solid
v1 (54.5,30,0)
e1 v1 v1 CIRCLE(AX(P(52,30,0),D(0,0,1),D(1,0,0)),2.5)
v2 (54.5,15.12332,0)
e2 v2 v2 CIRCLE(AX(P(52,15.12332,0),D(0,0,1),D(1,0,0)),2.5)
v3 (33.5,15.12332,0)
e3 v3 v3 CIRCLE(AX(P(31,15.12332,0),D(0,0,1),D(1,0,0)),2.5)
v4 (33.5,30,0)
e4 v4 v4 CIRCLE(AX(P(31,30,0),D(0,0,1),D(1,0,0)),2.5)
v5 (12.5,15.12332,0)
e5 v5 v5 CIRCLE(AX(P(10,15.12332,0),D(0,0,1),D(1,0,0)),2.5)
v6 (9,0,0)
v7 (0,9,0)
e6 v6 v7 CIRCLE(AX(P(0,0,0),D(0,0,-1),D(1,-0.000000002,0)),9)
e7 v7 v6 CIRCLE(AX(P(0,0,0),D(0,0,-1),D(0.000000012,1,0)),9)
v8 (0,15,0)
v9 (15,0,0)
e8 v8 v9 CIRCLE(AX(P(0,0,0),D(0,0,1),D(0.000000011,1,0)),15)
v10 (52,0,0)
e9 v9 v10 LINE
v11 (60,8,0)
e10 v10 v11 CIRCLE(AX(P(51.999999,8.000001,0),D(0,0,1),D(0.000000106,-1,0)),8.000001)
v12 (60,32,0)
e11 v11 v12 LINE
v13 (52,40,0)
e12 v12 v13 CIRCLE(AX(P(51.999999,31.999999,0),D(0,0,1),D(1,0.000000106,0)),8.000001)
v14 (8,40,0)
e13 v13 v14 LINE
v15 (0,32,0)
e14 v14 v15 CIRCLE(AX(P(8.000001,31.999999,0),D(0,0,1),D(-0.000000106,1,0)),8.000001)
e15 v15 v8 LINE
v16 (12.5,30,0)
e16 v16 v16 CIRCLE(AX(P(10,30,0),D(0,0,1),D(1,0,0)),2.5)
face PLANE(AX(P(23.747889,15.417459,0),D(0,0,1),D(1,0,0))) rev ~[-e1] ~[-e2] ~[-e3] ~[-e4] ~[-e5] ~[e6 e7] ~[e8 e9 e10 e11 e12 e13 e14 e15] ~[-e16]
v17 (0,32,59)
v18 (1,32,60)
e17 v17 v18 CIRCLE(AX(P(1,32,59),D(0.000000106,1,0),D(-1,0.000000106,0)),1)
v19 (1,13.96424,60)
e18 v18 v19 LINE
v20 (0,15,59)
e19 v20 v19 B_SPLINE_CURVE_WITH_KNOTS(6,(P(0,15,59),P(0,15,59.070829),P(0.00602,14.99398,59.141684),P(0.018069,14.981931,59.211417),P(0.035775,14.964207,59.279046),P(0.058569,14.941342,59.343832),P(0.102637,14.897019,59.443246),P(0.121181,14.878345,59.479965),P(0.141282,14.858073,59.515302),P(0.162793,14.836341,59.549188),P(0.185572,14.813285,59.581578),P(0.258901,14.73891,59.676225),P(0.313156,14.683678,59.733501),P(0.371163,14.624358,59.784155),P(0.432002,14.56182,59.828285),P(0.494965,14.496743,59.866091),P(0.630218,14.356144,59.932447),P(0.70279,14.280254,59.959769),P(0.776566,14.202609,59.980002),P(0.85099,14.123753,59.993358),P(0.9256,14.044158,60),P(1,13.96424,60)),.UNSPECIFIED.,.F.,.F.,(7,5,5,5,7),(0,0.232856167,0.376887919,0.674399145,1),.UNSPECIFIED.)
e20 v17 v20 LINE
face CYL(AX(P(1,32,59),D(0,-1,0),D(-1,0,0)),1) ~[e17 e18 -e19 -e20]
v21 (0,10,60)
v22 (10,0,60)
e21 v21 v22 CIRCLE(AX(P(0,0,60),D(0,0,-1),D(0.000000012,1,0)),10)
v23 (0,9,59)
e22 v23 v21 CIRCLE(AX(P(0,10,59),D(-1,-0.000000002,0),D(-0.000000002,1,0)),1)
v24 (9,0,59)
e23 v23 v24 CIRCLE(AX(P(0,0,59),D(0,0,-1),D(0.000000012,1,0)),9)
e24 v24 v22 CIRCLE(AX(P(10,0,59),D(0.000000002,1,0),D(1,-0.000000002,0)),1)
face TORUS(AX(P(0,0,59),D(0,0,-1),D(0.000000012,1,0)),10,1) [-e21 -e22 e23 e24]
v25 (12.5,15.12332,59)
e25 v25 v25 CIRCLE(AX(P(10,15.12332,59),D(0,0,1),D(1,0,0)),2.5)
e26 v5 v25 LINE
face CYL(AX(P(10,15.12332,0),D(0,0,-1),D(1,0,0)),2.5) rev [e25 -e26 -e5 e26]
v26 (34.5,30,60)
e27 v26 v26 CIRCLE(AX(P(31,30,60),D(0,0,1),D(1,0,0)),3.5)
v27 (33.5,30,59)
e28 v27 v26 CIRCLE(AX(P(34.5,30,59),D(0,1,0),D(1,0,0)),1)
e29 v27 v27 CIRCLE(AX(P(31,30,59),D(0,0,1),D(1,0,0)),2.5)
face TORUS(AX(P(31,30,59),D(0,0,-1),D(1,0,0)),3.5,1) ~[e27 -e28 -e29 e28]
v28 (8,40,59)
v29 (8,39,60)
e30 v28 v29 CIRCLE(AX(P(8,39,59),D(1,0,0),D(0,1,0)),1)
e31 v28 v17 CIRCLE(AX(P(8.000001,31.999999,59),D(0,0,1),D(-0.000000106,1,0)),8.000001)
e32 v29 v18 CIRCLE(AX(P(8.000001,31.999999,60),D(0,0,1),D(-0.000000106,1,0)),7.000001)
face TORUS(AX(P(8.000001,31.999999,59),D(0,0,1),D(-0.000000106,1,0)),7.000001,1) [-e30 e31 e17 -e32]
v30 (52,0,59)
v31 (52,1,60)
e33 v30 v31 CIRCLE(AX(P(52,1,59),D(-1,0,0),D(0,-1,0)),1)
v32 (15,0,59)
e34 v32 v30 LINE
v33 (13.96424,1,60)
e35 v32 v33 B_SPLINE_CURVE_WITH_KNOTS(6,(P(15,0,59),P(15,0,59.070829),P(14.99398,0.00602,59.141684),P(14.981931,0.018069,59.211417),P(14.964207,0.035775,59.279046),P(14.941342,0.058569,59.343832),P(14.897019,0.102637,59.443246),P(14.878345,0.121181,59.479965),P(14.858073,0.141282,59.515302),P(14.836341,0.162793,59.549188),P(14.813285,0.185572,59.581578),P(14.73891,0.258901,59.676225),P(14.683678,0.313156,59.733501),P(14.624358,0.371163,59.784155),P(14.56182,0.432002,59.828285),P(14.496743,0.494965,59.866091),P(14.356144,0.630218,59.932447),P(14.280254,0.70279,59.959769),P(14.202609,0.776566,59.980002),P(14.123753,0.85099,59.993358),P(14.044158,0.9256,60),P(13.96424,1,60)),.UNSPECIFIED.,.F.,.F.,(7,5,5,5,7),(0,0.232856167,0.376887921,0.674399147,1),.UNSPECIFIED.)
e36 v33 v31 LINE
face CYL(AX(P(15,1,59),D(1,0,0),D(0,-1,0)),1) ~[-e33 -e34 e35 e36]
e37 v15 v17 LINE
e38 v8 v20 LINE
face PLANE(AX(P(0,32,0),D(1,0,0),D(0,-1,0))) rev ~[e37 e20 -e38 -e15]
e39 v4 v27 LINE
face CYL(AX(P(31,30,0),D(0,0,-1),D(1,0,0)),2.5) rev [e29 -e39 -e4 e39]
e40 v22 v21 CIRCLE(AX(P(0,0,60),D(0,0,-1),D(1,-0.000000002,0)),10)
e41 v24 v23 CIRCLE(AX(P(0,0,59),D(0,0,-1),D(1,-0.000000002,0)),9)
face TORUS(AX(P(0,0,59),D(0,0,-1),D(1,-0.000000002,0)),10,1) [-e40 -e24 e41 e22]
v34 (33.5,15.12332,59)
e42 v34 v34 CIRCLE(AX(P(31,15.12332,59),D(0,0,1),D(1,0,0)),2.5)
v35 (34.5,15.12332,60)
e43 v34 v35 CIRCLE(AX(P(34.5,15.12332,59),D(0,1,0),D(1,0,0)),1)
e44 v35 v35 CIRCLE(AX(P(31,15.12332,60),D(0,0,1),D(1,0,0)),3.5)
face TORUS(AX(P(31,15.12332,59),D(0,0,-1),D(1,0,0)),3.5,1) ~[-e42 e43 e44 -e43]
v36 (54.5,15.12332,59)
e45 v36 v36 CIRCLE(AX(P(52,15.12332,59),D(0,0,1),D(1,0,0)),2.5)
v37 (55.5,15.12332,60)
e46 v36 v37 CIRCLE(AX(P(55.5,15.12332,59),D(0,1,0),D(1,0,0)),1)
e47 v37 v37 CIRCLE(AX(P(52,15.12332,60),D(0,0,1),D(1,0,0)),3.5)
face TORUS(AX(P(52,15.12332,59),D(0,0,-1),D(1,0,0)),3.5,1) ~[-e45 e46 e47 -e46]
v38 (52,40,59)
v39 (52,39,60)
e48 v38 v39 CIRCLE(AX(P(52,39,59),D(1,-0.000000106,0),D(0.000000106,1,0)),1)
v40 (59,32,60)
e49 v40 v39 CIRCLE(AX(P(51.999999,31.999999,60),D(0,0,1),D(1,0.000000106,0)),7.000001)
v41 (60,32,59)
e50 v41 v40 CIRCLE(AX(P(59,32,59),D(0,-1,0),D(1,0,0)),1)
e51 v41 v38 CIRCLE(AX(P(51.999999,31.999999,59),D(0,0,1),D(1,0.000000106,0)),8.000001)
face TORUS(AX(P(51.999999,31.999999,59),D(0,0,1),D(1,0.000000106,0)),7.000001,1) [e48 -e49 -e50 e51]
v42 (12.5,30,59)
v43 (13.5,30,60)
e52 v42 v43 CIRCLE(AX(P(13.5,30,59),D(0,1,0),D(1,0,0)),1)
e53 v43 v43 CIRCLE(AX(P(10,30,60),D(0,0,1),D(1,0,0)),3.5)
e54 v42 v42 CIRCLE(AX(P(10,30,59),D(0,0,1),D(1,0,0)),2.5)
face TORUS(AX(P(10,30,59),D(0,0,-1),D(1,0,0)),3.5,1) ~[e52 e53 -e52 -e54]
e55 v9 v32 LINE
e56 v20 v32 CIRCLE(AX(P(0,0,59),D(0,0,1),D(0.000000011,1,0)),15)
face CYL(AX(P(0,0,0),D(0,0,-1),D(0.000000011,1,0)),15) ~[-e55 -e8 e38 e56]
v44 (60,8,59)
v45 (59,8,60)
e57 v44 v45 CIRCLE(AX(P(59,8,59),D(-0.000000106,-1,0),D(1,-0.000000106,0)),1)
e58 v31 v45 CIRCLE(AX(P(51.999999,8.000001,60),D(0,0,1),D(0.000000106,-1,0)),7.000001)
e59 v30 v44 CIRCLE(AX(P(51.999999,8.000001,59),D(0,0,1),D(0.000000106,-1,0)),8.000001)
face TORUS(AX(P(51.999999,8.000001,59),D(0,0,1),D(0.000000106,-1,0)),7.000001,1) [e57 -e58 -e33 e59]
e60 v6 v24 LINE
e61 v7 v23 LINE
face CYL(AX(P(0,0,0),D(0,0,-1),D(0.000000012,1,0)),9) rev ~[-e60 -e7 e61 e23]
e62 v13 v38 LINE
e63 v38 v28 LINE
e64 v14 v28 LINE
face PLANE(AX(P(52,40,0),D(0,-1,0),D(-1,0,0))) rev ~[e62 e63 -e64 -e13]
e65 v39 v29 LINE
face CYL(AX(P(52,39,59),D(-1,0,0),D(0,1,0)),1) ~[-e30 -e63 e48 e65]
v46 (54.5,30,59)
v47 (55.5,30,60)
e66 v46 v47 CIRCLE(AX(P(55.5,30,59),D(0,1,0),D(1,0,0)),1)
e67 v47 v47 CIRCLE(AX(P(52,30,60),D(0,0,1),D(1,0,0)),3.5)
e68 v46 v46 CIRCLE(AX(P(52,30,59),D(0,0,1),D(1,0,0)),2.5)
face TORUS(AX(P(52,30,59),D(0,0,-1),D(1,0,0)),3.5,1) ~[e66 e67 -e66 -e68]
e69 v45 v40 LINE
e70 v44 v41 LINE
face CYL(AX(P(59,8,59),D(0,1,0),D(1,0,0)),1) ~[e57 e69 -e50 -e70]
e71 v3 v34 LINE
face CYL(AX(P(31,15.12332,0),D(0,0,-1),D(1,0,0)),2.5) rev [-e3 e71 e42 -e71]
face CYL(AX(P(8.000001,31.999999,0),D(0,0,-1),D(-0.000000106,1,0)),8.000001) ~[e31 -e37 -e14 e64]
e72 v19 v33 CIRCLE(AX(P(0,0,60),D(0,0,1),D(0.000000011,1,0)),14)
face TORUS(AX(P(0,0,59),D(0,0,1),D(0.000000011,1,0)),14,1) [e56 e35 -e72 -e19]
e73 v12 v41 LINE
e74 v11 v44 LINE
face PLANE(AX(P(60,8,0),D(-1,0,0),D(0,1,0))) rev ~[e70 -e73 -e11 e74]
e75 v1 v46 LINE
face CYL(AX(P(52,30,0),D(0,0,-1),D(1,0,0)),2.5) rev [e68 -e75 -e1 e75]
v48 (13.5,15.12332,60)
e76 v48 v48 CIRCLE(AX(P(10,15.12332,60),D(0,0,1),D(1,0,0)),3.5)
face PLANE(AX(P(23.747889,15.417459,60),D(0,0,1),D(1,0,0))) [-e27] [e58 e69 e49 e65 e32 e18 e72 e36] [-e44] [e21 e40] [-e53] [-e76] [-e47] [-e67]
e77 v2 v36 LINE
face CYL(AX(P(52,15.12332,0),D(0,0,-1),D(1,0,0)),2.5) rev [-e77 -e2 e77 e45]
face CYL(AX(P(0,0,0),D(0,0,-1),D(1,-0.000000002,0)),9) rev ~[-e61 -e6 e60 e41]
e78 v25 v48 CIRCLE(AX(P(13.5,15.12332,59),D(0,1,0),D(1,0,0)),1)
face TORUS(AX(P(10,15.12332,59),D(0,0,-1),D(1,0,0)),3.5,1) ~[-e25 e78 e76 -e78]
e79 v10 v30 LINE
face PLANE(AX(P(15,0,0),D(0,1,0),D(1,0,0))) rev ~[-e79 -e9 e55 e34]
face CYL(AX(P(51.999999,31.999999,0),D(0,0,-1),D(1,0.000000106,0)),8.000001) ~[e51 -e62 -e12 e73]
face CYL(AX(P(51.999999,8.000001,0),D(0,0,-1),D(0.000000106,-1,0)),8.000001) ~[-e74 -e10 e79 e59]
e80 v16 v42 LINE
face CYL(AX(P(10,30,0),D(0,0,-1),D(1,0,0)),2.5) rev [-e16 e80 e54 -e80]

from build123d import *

# Parameters (mm, degrees)
F0_R     = 2.5
F1_DEPTH = 60
F2_R     = 1


with BuildPart() as f1:
    # F0 (on Top) → F1 (new body)
    with BuildSketch(Plane.XY):
        with BuildLine():
            ThreePointArc((0, 15), (-10.606602, -10.606602), (15, 0))
            Line((15, 0), (52, 0))
            ThreePointArc((52, 0), (57.656854, 2.343146), (60, 8))
            Line((60, 8), (60, 25.12332))
            Line((60, 25.12332), (60, 32))
            ThreePointArc((60, 32), (57.656854, 37.656854), (52, 40))
            Line((52, 40), (50, 40))
            Line((50, 40), (29, 40))
            Line((29, 40), (8, 40))
            ThreePointArc((8, 40), (2.343146, 37.656854), (0, 32))
            Line((0, 32), (0, 17.12332))
            Line((0, 17.12332), (0, 15))
        make_face()
        with BuildLine():
            ThreePointArc((9, 0), (-6.363961, -6.363961), (0, 9))
            ThreePointArc((0, 9), (6.363961, 6.363961), (9, 0))
        make_face(mode=Mode.SUBTRACT)
        with Locations((10, 15.12332)):
            Circle(F0_R, mode=Mode.SUBTRACT)
        with Locations((10, 30)):
            Circle(F0_R, mode=Mode.SUBTRACT)
        with Locations((31, 15.12332)):
            Circle(F0_R, mode=Mode.SUBTRACT)
        with Locations((52, 15.12332)):
            Circle(F0_R, mode=Mode.SUBTRACT)
        with Locations((31, 30)):
            Circle(F0_R, mode=Mode.SUBTRACT)
        with Locations((52, 30)):
            Circle(F0_R, mode=Mode.SUBTRACT)
    extrude(amount=F1_DEPTH)

    # F2
    f2_edges = [f1.edges().sort_by_distance(p)[0] for p in [
        (-10.606602, -10.606602, 60),
        (33.5, 0, 60),
        (57.656854, 2.343146, 60),
        (60, 20, 60),
        (57.656854, 37.656854, 60),
        (30, 40, 60),
        (2.343146, 37.656854, 60),
        (0, 23.5, 60),
        (0, -9, 60),
        (7.5, 15.12332, 60),
        (7.5, 30, 60),
        (28.5, 15.12332, 60),
        (49.5, 15.12332, 60),
        (28.5, 30, 60),
        (49.5, 30, 60),
    ]]
    fillet(f2_edges, radius=F2_R)


solid = f1.part
